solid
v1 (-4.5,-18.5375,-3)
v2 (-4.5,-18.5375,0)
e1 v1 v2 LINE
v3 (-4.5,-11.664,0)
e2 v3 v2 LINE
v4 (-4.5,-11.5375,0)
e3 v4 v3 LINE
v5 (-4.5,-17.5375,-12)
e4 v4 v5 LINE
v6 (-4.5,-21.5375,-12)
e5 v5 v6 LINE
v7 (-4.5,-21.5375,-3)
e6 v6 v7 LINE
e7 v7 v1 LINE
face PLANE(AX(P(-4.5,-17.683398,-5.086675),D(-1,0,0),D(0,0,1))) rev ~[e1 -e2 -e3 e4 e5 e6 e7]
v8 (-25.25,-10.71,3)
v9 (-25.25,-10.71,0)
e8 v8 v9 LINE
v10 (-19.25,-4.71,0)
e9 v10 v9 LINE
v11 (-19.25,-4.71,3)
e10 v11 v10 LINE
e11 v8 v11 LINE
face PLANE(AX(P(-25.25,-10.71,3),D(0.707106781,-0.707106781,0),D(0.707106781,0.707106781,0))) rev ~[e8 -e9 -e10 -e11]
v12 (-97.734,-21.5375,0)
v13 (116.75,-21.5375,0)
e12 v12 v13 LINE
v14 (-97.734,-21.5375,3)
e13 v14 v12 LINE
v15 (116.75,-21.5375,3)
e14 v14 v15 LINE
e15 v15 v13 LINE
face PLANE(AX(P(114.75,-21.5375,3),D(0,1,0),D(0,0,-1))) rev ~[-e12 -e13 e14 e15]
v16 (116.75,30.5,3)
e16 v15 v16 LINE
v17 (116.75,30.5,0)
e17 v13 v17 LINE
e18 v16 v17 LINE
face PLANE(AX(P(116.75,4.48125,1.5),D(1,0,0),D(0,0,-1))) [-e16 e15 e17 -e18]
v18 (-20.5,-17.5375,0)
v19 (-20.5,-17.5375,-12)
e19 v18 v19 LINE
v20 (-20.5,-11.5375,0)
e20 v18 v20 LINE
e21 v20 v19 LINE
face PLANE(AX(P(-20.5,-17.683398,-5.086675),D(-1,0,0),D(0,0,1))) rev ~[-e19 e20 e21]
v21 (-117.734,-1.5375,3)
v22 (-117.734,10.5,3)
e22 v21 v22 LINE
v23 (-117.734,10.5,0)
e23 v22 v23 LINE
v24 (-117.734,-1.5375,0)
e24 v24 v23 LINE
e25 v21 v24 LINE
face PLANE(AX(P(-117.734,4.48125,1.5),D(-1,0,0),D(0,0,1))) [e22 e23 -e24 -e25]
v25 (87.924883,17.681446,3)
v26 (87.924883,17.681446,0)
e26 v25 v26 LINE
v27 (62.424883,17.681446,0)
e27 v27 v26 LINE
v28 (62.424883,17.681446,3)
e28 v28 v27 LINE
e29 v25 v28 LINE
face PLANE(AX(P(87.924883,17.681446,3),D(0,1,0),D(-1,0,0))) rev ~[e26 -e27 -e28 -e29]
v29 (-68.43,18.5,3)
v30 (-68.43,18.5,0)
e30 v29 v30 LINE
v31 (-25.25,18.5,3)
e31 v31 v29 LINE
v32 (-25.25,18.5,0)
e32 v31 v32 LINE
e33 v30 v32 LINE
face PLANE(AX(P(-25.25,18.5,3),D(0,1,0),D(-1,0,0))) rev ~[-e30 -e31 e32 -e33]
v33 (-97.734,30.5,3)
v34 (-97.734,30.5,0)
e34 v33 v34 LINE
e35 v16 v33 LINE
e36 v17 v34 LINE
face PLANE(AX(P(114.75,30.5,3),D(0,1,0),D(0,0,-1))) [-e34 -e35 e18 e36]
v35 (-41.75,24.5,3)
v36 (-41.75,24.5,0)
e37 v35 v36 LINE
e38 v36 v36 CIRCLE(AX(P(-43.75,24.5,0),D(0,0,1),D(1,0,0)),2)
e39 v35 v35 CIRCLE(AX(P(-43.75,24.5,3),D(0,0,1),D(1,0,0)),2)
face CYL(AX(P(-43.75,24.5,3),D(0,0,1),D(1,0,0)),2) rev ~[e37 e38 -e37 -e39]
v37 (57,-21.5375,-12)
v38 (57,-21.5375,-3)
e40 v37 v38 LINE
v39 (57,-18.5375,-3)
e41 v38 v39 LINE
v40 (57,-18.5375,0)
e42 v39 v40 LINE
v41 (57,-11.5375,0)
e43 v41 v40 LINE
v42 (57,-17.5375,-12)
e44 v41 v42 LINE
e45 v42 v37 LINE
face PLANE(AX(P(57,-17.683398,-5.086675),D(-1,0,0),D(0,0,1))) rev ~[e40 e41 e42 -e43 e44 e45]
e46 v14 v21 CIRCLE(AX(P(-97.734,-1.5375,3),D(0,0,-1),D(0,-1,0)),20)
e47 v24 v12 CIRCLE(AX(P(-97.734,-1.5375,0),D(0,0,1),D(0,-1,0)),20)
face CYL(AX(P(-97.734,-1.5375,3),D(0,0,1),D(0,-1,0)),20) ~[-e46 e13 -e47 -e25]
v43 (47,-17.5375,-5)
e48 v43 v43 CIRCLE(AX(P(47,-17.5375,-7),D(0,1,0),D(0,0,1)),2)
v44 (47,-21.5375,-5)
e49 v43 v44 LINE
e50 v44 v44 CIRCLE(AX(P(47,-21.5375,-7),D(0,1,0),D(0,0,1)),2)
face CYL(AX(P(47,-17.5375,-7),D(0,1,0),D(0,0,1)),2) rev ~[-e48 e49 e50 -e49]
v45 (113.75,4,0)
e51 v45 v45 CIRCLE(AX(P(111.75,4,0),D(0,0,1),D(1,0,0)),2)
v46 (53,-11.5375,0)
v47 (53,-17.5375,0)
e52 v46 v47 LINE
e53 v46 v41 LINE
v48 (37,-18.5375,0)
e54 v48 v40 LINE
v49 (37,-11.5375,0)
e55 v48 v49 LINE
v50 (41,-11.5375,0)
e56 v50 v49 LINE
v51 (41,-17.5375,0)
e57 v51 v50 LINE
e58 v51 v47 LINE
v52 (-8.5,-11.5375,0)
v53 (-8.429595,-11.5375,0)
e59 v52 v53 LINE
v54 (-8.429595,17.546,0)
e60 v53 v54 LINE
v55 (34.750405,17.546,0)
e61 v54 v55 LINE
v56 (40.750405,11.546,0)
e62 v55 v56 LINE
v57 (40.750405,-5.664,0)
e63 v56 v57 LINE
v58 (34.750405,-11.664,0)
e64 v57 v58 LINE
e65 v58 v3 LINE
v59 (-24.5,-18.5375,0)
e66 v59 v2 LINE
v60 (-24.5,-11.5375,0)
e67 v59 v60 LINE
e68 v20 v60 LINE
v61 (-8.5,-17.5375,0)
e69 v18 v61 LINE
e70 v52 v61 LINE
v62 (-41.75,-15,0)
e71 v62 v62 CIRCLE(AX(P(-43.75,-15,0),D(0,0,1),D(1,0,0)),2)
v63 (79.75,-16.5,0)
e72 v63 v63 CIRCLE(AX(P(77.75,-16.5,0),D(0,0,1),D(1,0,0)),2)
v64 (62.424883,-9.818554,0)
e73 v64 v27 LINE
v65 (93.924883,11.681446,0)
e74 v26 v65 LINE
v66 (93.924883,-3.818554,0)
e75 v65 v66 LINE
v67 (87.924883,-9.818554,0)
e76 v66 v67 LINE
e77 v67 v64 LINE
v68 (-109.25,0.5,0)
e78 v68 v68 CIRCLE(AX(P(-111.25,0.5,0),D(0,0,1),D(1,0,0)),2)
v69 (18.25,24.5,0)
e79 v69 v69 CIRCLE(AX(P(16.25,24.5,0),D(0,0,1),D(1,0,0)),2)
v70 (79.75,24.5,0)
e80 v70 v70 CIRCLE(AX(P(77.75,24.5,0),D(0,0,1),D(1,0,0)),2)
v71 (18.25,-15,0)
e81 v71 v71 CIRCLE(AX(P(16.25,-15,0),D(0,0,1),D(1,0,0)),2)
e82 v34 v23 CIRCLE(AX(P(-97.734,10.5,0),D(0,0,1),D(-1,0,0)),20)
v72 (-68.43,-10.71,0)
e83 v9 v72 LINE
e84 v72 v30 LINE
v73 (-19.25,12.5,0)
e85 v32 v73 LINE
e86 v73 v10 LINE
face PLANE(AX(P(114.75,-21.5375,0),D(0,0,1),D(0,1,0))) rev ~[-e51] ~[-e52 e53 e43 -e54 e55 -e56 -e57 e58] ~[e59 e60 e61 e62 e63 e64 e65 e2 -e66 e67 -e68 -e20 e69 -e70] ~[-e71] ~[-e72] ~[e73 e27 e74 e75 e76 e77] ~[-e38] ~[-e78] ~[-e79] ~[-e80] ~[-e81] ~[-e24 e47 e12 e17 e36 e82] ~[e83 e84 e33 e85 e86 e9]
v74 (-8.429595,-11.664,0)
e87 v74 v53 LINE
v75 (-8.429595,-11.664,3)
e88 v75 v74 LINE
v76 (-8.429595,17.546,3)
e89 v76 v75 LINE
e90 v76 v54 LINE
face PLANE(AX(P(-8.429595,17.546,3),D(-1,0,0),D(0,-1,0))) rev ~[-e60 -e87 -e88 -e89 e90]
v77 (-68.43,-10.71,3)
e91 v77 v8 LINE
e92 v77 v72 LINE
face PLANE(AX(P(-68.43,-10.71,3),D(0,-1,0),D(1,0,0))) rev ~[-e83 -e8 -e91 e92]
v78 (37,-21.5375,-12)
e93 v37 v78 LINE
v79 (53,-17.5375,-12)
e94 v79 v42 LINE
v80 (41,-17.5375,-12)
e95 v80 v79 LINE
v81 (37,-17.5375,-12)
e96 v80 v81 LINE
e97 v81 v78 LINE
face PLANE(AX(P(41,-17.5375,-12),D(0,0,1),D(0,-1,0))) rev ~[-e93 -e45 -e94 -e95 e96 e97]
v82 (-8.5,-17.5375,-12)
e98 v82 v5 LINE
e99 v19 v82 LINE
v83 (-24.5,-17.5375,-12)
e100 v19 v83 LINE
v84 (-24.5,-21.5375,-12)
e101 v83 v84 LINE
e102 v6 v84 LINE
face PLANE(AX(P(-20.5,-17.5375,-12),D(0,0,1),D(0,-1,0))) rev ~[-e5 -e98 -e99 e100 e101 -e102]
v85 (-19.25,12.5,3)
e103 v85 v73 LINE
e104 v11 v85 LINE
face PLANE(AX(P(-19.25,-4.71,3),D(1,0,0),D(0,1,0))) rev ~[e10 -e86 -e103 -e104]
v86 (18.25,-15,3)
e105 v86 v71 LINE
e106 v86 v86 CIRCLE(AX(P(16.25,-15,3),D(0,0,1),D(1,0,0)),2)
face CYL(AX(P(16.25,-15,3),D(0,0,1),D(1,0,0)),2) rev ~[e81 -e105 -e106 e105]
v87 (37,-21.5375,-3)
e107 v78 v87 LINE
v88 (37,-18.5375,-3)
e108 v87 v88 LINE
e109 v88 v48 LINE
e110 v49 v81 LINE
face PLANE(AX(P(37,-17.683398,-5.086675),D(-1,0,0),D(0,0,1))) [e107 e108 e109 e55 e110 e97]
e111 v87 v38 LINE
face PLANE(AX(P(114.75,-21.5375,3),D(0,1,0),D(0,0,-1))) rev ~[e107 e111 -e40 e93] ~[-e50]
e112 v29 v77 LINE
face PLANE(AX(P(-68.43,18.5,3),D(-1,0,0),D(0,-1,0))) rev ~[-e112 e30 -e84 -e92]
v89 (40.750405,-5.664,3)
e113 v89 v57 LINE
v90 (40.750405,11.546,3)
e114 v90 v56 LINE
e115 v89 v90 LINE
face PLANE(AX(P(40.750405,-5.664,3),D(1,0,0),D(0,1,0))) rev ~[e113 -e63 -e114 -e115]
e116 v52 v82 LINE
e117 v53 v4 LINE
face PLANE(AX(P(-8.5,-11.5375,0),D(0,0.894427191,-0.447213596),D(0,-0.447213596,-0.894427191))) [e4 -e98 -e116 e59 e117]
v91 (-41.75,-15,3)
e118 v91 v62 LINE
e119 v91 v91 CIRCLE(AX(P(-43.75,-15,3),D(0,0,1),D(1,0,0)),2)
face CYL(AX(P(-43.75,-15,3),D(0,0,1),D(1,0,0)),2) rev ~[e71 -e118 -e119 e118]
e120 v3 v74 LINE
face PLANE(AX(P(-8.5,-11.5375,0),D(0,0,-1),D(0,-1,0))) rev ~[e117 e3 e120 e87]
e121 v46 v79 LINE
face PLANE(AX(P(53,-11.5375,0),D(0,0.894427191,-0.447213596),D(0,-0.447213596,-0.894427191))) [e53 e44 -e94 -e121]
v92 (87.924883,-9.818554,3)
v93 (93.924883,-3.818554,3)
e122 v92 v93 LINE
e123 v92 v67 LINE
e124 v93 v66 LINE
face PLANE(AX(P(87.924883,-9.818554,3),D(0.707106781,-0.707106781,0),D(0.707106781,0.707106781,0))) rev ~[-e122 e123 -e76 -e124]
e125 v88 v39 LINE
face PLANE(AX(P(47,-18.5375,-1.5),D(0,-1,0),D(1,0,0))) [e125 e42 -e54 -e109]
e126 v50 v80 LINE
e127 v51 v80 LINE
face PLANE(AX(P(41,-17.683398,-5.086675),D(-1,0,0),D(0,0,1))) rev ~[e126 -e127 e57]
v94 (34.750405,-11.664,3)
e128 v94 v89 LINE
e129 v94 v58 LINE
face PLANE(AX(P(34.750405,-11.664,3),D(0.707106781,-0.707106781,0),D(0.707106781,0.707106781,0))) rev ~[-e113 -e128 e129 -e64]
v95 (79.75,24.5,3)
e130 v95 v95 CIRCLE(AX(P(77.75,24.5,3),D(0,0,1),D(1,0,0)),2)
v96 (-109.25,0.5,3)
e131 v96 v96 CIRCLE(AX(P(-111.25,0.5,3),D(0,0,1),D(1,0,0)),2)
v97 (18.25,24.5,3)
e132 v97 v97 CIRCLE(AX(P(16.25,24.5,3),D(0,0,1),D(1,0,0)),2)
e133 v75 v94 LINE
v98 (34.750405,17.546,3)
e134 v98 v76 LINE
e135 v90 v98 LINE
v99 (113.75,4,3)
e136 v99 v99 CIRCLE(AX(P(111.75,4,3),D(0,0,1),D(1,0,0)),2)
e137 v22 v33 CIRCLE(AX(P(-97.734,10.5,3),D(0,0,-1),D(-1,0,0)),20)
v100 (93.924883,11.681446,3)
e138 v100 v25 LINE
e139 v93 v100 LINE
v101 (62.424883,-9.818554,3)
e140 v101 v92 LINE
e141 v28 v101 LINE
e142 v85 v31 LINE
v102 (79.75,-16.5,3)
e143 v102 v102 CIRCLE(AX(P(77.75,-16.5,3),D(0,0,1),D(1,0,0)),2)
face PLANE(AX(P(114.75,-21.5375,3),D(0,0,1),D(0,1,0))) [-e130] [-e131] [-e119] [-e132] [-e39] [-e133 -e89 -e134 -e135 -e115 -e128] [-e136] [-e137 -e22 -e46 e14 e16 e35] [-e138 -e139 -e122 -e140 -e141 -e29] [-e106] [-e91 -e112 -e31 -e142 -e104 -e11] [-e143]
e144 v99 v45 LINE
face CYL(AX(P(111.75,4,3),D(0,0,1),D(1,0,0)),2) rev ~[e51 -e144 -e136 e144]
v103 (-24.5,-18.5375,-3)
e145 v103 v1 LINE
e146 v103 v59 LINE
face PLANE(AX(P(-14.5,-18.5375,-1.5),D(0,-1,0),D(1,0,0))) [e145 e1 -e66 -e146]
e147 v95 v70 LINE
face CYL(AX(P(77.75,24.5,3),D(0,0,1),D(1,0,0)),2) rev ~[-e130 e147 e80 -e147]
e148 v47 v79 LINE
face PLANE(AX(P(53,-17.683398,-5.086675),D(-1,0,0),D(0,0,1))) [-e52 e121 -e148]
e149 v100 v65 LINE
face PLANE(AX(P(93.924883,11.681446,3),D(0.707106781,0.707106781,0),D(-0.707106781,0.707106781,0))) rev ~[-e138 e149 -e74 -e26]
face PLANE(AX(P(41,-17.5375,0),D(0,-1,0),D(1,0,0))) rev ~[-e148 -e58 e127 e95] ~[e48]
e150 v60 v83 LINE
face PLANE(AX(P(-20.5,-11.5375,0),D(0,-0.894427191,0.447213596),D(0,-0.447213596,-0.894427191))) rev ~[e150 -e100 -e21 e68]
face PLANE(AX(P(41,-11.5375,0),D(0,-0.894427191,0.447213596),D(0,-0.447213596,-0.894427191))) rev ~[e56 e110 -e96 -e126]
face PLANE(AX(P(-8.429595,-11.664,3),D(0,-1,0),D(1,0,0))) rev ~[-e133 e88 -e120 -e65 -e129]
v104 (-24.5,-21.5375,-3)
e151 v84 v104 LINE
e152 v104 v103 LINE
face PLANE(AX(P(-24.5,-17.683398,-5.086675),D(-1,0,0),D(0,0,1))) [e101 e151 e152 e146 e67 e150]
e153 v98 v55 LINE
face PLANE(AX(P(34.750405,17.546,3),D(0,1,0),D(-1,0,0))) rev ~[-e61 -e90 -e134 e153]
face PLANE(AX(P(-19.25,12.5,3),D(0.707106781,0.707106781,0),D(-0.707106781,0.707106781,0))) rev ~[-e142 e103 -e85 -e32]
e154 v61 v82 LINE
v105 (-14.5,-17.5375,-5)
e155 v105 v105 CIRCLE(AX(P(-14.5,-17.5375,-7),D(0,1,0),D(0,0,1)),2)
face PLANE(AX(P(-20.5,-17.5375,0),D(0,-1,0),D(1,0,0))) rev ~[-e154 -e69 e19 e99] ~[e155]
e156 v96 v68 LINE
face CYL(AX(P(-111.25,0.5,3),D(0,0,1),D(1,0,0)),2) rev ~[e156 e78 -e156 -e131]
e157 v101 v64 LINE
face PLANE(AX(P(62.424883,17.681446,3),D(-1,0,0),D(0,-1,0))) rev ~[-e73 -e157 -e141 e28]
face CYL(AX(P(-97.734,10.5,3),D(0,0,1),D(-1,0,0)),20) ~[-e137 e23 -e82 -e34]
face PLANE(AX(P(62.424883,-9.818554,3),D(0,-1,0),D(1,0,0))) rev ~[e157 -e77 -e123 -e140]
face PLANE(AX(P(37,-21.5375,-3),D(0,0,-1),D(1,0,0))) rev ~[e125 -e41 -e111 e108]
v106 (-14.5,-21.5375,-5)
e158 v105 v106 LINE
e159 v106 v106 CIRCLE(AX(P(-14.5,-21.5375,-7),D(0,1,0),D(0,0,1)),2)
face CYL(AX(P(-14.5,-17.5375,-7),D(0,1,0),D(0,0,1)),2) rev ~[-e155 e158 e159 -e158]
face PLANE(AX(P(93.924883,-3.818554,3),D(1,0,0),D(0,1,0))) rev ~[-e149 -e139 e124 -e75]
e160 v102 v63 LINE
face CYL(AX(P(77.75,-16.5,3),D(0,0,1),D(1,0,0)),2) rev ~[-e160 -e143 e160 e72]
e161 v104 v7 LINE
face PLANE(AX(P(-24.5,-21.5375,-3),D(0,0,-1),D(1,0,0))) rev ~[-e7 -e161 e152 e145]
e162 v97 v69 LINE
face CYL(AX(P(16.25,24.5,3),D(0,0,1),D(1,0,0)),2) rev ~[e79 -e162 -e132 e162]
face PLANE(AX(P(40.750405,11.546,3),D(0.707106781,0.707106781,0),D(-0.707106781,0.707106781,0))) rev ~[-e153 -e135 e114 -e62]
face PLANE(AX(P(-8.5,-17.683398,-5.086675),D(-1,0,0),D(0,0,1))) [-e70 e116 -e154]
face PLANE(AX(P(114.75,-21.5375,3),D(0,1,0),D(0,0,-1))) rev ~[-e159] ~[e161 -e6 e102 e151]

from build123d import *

# Parameters (mm, degrees)
SKETCH1_W            = 229.5
SKETCH1_H            = 49
BOSS_EXTRUDE1_DEPTH  = 3
SKETCH3_W            = 229.5
SKETCH3_H            = 3
BOSS_EXTRUDE2_DEPTH  = 6
SKETCH2_R            = 2
CUT_EXTRUDE1_DEPTH   = 31.956
SKETCH4_R            = 2
CUT_EXTRUDE2_DEPTH   = 31.956
BOSS_EXTRUDE3_DEPTH  = 3
SKETCH10_W           = 229.5
SKETCH10_H           = 2.9625
CUT_EXTRUDE5_DEPTH   = 11.382
BOSS_EXTRUDE4_DEPTH  = 12
SKETCH13_R           = 2
CUT_EXTRUDE7_DEPTH   = 15
BOSS_EXTRUDE5_DEPTH  = 4
BOSS_EXTRUDE6_DEPTH  = 4
BOSS_EXTRUDE7_DEPTH  = 4
BOSS_EXTRUDE8_DEPTH  = 4
SKETCH19_W           = 3
SKETCH19_H           = 52.0375
BOSS_EXTRUDE9_DEPTH  = 2.984
CUT_EXTRUDE8_DEPTH   = 20.764
SKETCH23_W           = 3
SKETCH23_H           = 52.0375
BOSS_EXTRUDE10_DEPTH = 2
SKETCH24_W           = 20
SKETCH24_H           = 3
CUT_EXTRUDE9_DEPTH   = 3


with BuildPart() as part:
    # Sketch1 → Boss-Extrude1 (new body)
    with BuildSketch(Plane.XY):
        Rectangle(SKETCH1_W, SKETCH1_H)
    extrude(amount=BOSS_EXTRUDE1_DEPTH)

    # Sketch3 → Boss-Extrude2 (add)
    with BuildSketch(Plane(origin=(0, 24.5, 0), x_dir=(1, 0, 0), z_dir=(0, 1, 0))):
        with Locations((0, -1.5)):
            Rectangle(SKETCH3_W, SKETCH3_H)
    extrude(amount=BOSS_EXTRUDE2_DEPTH)

    # Sketch2 → Cut-Extrude1 (cut)
    with BuildSketch(Plane.XY.offset(3)):
        with Locations((111.75, 4)):
            Circle(SKETCH2_R)
        with Locations((-111.25, 0.5)):
            Circle(SKETCH2_R)
        with Locations((-43.75, 24.5)):
            Circle(SKETCH2_R)
        with Locations((16.25, 24.5)):
            Circle(SKETCH2_R)
        with Locations((77.75, 24.5)):
            Circle(SKETCH2_R)
    extrude(amount=-CUT_EXTRUDE1_DEPTH, mode=Mode.SUBTRACT)

    # Sketch4 → Cut-Extrude2 (cut)
    with BuildSketch(Plane.XY.offset(3)):
        Polygon((87.924883288, 17.681445753), (62.424883288, 17.681445753), (62.424883288, -9.818554247), (87.924883288, -9.818554247), (93.924883288, -3.818554247), (93.924883288, 11.681445753), align=None)
        Polygon((-19.25, -4.71), (-19.25, 12.5), (-25.25, 18.5), (-68.43, 18.5), (-68.43, -10.71), (-25.25, -10.71), align=None)
        Polygon((-8.429595307, -11.664), (34.750404693, -11.664), (40.750404693, -5.664), (40.750404693, 11.546), (34.750404693, 17.546), (-8.429595307, 17.546), align=None)
        with Locations((-43.75, -15)):
            Circle(SKETCH4_R)
        with Locations((16.25, -15)):
            Circle(SKETCH4_R)
        with Locations((77.75, -16.5)):
            Circle(SKETCH4_R)
    extrude(amount=-CUT_EXTRUDE2_DEPTH, mode=Mode.SUBTRACT)

    # Sketch5 → Boss-Extrude3 (add)
    with BuildSketch(Plane.XY.offset(3)):
        with BuildLine():
            ThreePointArc((-114.75, 5.373397172), (-117.25, 0.5), (-114.75, -4.373397172))
            Line((-114.75, -4.373397172), (-114.75, 5.373397172))
        make_face()
    extrude(amount=-BOSS_EXTRUDE3_DEPTH)

    # Sketch10 → Cut-Extrude5 (cut)
    with BuildSketch(Plane(origin=(0, 0, 0), x_dir=(-1, 0, 0), z_dir=(0, 0, -1))):
        with Locations((0, -23.01875)):
            Rectangle(SKETCH10_W, SKETCH10_H)
    extrude(amount=-CUT_EXTRUDE5_DEPTH, mode=Mode.SUBTRACT)

    # Sketch12 → Boss-Extrude4 (add)
    with BuildSketch(Plane(origin=(0, 0, 0), x_dir=(-1, 0, 0), z_dir=(0, 0, -1))):
        Polygon((-47, -21.5375), (-41, -21.5375), (-41, -17.5375), (-53, -17.5375), (-53, -21.5375), align=None)
        Polygon((8.5, -21.5375), (13.75, -21.5375), (20.5, -21.5375), (20.5, -17.5375), (8.5, -17.5375), align=None)
    extrude(amount=BOSS_EXTRUDE4_DEPTH)

    # Sketch13 → Cut-Extrude7 (cut)
    with BuildSketch(Plane(origin=(0, -17.5375, 0), x_dir=(1, 0, 0), z_dir=(0, 1, 0))):
        with Locations(Location((-14.5, 7, 0), (0, 0, 270))):
            Circle(SKETCH13_R)
        with Locations(Location((47, 7, 0), (0, 0, 270))):
            Circle(SKETCH13_R)
    extrude(amount=-CUT_EXTRUDE7_DEPTH, mode=Mode.SUBTRACT)

    # Sketch14 → Boss-Extrude5 (add)
    with BuildSketch(Plane(origin=(53, 0, 0), x_dir=(0, 0, -1), z_dir=(1, 0, 0))):
        Polygon((0, -17.5375), (0, -11.5375), (12, -17.5375), (12, -21.5375), (0, -21.5375), align=None)
    extrude(amount=BOSS_EXTRUDE5_DEPTH)

    # Sketch15 → Boss-Extrude6 (add)
    with BuildSketch(Plane.ZY.offset(-41)):
        Polygon((0, -17.5375), (0, -11.5375), (-12, -17.5375), (-12, -21.5375), (0, -21.5375), align=None)
    extrude(amount=BOSS_EXTRUDE6_DEPTH)

    # Sketch16 → Boss-Extrude7 (add)
    with BuildSketch(Plane(origin=(-8.5, 0, 0), x_dir=(0, 0, -1), z_dir=(1, 0, 0))):
        Polygon((0, -17.5375), (0, -11.5375), (12, -17.5375), (12, -21.5375), (0, -21.5375), align=None)
    extrude(amount=BOSS_EXTRUDE7_DEPTH)

    # Sketch17 → Boss-Extrude8 (add)
    with BuildSketch(Plane.ZY.offset(20.5)):
        Polygon((0, -17.5375), (0, -11.5375), (-12, -17.5375), (-12, -21.5375), (0, -21.5375), align=None)
    extrude(amount=BOSS_EXTRUDE8_DEPTH)

    # Sketch19 → Boss-Extrude9 (add)
    with BuildSketch(Plane.ZY.offset(114.75)):
        with Locations((1.5, 4.48125)):
            Rectangle(SKETCH19_W, SKETCH19_H)
    extrude(amount=BOSS_EXTRUDE9_DEPTH)

    # Sketch20 → Cut-Extrude8 (cut)
    with BuildSketch(Plane.XY.offset(3)):
        with BuildLine():
            ThreePointArc((-117.734, 10.5), (-111.876135624, 24.642135624), (-97.734, 30.5))
            Line((-97.734, 30.5), (-117.734, 30.5))
            Line((-117.734, 30.5), (-117.734, 10.5))
        make_face()
        with BuildLine():
            ThreePointArc((-97.734, -21.5375), (-111.876135624, -15.679635624), (-117.734, -1.5375))
            Line((-117.734, -1.5375), (-117.734, -21.5375))
            Line((-117.734, -21.5375), (-97.734, -21.5375))
        make_face()
    extrude(amount=-CUT_EXTRUDE8_DEPTH, mode=Mode.SUBTRACT)

    # Sketch23 → Boss-Extrude10 (add)
    with BuildSketch(Plane(origin=(114.75, 0, 0), x_dir=(0, 0, -1), z_dir=(1, 0, 0))):
        with Locations((-1.5, 4.48125)):
            Rectangle(SKETCH23_W, SKETCH23_H)
    extrude(amount=BOSS_EXTRUDE10_DEPTH)

    # Sketch24 → Cut-Extrude9 (cut)
    with BuildSketch(Plane.XZ.offset(21.5375)):
        with Locations((-14.5, -1.5)):
            Rectangle(SKETCH24_W, SKETCH24_H)
        with Locations((47, -1.5)):
            Rectangle(SKETCH24_W, SKETCH24_H)
    extrude(amount=-CUT_EXTRUDE9_DEPTH, mode=Mode.SUBTRACT)


solid = part.part
